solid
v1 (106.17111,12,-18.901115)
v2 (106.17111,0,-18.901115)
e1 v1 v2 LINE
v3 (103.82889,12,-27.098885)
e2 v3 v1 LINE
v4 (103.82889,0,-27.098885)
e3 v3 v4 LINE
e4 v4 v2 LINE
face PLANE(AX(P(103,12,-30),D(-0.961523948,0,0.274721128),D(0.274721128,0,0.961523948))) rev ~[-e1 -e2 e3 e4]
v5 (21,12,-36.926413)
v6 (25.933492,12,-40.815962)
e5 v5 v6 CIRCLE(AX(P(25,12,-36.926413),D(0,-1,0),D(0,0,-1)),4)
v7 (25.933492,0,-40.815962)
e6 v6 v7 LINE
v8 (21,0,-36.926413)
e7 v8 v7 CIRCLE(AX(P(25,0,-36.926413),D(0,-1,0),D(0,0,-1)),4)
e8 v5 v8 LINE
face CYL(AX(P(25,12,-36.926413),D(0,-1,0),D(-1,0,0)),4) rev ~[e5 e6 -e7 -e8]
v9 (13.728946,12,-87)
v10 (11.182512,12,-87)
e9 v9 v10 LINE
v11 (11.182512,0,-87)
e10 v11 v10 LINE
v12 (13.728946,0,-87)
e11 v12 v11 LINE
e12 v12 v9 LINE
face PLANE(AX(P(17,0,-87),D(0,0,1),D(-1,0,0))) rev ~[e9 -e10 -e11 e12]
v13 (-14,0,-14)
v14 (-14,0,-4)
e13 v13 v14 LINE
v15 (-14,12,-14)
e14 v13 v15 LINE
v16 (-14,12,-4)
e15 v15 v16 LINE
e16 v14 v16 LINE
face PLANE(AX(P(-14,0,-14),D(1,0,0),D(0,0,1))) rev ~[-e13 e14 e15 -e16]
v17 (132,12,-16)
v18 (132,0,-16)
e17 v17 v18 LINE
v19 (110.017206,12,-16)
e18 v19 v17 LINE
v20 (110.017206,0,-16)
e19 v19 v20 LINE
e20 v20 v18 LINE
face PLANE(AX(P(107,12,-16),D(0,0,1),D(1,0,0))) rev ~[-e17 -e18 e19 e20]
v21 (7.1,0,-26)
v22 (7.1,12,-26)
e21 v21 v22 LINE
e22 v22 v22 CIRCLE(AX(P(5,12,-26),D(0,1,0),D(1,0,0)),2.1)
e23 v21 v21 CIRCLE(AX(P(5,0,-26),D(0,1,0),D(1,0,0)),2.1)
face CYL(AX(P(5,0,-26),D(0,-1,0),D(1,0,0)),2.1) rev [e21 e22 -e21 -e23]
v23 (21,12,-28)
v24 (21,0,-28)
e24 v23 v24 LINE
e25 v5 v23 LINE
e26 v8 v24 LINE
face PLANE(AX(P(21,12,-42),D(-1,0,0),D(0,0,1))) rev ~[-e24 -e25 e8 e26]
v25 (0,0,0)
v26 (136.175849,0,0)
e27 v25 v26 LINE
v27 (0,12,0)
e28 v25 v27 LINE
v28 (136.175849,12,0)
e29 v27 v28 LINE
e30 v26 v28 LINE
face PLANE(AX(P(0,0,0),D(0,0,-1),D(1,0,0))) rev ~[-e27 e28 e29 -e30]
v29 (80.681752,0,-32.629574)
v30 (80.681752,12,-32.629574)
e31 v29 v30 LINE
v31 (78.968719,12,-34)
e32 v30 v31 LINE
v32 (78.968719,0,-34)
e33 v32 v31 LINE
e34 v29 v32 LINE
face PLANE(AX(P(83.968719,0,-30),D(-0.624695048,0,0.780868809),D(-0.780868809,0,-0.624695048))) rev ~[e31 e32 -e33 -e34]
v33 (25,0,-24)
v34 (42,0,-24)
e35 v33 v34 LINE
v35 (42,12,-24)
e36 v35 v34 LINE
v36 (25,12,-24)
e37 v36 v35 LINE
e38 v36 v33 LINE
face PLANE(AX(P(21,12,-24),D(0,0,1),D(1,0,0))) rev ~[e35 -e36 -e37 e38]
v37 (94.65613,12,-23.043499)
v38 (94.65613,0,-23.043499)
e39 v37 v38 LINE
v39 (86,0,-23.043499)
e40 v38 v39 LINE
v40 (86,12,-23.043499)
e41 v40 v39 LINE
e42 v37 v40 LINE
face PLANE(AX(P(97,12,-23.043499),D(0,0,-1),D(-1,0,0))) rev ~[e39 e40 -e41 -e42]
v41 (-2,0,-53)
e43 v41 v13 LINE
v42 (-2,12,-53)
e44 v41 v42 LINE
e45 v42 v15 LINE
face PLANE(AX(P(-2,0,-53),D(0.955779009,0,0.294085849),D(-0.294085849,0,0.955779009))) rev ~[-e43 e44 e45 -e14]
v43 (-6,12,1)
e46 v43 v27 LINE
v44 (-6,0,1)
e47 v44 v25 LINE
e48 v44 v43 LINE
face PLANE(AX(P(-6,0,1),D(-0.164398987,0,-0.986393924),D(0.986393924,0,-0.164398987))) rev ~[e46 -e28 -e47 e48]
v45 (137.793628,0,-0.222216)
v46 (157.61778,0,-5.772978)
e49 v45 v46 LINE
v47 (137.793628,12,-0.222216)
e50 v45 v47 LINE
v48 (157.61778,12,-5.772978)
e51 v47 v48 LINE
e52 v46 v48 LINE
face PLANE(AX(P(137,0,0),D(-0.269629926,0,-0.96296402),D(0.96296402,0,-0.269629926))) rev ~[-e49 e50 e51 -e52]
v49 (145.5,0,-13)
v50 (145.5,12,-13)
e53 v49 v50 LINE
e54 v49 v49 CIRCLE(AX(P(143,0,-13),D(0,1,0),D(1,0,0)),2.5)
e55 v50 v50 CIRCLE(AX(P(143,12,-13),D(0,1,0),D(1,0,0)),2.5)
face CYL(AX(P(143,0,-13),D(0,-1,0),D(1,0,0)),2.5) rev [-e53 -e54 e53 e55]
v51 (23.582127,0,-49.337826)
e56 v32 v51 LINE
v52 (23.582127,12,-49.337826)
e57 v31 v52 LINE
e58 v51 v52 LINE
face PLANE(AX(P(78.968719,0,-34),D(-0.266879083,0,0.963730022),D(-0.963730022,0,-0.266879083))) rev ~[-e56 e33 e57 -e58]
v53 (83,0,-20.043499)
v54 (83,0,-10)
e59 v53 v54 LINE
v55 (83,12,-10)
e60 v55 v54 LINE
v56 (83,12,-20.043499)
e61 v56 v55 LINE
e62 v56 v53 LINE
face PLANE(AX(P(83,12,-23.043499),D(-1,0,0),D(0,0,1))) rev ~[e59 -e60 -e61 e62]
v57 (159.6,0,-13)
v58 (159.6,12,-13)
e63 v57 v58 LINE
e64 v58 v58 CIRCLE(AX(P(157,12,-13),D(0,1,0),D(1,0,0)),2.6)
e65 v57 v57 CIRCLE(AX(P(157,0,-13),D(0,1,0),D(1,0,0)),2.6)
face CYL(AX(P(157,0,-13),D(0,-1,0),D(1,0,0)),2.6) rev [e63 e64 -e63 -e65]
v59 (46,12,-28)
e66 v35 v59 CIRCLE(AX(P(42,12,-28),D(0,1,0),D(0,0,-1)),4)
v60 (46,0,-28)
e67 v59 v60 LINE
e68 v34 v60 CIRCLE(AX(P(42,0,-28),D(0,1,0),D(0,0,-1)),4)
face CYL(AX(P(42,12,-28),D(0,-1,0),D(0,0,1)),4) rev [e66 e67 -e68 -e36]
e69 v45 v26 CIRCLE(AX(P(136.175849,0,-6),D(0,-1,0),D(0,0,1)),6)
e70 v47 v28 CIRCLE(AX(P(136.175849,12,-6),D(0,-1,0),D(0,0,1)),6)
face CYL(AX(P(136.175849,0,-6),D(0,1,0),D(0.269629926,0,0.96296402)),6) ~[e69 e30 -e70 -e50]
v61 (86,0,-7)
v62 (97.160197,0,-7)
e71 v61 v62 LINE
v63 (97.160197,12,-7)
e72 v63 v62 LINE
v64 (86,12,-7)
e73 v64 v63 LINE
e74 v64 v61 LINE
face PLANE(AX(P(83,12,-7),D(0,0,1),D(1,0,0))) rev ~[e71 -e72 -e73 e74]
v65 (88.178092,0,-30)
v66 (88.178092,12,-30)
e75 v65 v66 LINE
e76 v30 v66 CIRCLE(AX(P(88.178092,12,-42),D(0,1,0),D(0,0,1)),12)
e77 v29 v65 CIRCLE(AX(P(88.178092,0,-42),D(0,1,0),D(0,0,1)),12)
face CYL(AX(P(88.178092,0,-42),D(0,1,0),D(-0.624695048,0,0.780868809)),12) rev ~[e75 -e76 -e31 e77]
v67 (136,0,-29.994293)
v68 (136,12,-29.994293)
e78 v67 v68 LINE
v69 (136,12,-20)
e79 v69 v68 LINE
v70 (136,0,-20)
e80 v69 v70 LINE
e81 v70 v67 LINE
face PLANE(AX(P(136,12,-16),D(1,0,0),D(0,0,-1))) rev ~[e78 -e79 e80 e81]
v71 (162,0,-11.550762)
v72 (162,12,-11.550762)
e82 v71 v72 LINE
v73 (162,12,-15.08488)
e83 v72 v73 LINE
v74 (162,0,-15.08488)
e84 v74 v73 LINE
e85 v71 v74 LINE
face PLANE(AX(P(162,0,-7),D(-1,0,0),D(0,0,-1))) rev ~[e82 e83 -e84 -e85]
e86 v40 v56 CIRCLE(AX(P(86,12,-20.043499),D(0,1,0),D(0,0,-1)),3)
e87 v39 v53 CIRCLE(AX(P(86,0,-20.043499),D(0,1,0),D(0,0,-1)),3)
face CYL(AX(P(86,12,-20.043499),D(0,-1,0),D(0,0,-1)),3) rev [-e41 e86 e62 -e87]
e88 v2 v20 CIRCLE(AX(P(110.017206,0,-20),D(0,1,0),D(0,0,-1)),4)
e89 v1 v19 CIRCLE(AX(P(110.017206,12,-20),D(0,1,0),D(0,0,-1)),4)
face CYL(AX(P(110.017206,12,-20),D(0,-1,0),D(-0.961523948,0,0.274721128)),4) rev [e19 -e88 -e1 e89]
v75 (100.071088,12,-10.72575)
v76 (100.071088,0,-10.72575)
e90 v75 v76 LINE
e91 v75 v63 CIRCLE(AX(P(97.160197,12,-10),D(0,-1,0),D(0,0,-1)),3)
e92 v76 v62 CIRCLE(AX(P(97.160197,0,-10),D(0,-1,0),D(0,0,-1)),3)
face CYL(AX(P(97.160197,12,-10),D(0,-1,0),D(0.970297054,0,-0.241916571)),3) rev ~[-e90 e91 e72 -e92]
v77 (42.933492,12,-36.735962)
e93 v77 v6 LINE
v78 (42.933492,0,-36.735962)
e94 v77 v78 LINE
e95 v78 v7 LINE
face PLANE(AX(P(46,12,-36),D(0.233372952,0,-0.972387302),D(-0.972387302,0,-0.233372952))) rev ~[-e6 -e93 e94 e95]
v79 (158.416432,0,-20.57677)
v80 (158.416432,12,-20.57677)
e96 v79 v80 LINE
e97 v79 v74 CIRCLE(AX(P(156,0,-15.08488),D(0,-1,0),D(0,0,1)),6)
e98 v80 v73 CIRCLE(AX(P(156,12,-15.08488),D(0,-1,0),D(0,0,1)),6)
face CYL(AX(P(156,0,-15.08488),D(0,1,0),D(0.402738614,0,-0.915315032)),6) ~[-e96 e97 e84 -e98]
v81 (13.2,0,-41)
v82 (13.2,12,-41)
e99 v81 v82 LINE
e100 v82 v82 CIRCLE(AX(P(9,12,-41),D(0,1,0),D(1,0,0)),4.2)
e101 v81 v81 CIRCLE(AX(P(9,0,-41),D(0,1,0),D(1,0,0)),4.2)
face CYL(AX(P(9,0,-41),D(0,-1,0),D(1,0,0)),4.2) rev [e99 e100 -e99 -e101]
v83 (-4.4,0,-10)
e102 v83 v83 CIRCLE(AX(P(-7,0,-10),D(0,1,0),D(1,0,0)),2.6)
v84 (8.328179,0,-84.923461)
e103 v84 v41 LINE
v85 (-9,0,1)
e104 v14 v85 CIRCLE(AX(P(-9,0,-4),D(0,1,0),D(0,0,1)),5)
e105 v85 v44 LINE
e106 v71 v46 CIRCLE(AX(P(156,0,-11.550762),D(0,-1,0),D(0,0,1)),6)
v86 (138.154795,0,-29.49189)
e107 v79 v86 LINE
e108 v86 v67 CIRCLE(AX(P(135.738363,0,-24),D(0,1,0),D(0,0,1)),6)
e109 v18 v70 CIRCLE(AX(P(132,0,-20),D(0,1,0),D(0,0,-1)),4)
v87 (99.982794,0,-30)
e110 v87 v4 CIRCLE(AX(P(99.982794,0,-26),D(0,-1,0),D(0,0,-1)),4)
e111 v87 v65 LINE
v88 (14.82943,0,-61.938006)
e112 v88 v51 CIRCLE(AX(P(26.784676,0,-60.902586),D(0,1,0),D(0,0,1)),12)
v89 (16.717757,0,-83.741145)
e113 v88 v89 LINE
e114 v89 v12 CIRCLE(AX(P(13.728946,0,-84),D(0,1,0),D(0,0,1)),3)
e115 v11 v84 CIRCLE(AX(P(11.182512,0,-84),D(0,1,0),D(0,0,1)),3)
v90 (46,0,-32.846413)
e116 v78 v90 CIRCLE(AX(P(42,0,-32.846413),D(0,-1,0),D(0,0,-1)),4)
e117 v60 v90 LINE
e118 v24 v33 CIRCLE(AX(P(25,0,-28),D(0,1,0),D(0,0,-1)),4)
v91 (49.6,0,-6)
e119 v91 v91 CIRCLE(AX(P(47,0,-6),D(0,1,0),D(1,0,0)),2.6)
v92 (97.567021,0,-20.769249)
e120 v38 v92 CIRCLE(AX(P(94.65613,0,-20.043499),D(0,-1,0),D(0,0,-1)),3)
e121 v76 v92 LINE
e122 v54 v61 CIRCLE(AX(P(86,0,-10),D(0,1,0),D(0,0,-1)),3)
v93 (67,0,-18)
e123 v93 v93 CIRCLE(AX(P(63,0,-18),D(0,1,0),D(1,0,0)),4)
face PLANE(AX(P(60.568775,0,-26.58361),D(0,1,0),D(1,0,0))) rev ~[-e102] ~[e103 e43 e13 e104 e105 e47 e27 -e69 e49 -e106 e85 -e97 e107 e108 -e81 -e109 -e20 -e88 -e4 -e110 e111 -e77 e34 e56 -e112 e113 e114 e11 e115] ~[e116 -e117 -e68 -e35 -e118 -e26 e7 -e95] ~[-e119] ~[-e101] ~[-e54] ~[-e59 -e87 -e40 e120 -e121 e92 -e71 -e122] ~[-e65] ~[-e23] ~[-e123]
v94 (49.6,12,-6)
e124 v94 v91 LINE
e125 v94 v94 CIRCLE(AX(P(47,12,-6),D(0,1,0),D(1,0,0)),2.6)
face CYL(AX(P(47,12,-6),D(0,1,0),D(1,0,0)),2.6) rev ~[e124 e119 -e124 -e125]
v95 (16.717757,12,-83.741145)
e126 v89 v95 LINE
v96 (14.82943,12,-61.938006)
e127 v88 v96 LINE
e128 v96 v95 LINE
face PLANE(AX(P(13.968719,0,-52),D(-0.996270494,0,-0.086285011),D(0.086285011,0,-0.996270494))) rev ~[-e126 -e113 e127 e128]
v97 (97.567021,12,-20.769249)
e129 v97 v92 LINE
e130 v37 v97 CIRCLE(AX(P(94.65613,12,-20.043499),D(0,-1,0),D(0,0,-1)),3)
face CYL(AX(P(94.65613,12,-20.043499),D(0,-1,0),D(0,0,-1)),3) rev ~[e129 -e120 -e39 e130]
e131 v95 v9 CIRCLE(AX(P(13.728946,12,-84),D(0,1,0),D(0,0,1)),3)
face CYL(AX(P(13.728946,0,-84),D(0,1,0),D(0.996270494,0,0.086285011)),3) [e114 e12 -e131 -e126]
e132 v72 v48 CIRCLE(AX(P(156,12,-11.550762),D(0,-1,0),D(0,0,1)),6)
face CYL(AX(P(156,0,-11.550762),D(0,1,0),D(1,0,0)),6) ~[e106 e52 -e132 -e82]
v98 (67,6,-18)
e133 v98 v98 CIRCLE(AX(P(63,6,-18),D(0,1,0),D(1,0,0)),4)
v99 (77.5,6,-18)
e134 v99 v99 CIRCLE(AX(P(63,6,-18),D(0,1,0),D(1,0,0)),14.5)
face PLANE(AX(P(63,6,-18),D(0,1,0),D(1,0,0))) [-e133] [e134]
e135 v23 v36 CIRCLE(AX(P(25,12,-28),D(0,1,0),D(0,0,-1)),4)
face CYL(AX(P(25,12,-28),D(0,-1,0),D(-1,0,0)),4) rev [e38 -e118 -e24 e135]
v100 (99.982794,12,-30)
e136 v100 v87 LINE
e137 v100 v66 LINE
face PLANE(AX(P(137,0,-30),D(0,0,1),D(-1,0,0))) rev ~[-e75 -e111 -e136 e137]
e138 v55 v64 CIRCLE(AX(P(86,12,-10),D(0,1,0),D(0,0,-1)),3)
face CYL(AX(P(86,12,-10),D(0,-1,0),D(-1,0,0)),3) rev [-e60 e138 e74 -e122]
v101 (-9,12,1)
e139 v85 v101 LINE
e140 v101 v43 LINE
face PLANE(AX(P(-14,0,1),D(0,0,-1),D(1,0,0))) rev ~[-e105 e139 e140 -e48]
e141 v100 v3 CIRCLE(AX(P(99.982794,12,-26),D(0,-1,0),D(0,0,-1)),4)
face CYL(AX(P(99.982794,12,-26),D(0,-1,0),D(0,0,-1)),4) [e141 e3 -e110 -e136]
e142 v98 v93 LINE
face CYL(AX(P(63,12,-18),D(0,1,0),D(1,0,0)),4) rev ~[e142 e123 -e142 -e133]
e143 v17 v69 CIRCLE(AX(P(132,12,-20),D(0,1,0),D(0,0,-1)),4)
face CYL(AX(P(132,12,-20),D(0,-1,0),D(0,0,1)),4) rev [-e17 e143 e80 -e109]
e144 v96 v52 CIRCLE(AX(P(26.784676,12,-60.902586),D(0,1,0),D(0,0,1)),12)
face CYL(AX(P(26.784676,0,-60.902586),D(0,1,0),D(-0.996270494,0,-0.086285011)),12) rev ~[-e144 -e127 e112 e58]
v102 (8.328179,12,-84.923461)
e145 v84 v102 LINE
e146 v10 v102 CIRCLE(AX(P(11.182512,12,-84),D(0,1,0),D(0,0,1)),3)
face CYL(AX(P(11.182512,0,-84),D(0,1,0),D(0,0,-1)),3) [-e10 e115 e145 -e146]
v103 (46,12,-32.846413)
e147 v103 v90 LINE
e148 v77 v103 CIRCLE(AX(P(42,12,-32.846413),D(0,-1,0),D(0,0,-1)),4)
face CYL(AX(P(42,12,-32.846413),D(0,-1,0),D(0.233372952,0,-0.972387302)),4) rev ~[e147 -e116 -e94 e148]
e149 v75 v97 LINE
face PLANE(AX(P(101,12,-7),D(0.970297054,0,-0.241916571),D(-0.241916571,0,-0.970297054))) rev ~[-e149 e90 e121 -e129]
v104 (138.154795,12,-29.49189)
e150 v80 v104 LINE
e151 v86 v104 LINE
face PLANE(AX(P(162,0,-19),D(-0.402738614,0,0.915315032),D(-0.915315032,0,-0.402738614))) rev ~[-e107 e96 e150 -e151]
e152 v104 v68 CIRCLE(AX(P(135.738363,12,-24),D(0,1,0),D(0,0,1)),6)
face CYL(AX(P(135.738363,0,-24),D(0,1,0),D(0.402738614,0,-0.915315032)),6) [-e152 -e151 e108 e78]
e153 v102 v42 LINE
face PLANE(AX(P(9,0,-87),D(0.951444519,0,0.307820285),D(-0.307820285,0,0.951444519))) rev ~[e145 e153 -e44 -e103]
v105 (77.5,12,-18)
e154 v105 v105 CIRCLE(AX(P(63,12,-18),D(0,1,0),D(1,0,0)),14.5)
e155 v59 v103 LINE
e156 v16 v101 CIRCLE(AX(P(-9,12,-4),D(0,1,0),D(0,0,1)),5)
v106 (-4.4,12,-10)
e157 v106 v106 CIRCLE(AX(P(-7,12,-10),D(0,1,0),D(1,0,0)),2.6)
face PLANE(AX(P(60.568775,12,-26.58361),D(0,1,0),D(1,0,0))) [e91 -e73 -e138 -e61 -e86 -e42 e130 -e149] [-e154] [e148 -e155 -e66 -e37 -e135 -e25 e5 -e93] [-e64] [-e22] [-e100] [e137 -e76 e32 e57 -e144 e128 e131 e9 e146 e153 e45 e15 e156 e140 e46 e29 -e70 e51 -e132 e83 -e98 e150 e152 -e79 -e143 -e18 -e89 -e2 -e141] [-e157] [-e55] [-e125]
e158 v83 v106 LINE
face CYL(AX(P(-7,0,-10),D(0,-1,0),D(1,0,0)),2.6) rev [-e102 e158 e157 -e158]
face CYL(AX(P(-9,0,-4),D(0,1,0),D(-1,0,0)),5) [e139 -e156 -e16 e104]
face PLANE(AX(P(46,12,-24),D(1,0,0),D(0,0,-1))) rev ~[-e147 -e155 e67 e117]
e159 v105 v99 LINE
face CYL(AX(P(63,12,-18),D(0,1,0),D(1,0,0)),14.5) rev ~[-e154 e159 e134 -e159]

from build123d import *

# Parameters (mm, degrees)
SKETCH1_R           = 2.6
SKETCH1_R_2         = 2.1
SKETCH1_R_3         = 4.2
SKETCH1_R_4         = 2.5
BOSS_EXTRUDE1_DEPTH = 12
FILLET2_R           = 6
FILLET3_R           = 3
CUT_EXTRUDE1_DEPTH  = 13
SKETCH5_R           = 4
CUT_EXTRUDE2_DEPTH  = 13
SKETCH6_R           = 14.5
CUT_EXTRUDE3_DEPTH  = 6
FILLET4_R           = 12
SKETCH7_R           = 2.6
CUT_EXTRUDE4_DEPTH  = 13
FILLET6_R           = 3
FILLET8_R           = 5
FILLET9_R           = 4
CUT_EXTRUDE6_DEPTH  = 13
FILLET10_R          = 4


with BuildPart() as part:
    # Sketch1 → Boss-Extrude1 (new body)
    with BuildSketch(Plane(origin=(0, 0, 0), x_dir=(1, 0, 0), z_dir=(0, 1, 0))):
        Polygon((162, 19), (137, 30), (83.968719423, 30), (78.968719423, 34), (13.968719423, 52), (17, 87), (9, 87), (-2, 53), (-14, 14), (-14, 2), (-14, -1), (-6, -1), (0, 0), (137, 0), (162, 7), align=None)
        with Locations((-7, 10)):
            Circle(SKETCH1_R, mode=Mode.SUBTRACT)
        with Locations((157, 13)):
            Circle(SKETCH1_R, mode=Mode.SUBTRACT)
        with Locations((5, 26)):
            Circle(SKETCH1_R_2, mode=Mode.SUBTRACT)
        with Locations((9, 41)):
            Circle(SKETCH1_R_3, mode=Mode.SUBTRACT)
        with Locations((143, 13)):
            Circle(SKETCH1_R_4, mode=Mode.SUBTRACT)
    extrude(amount=BOSS_EXTRUDE1_DEPTH)

    # Fillet2
    fillet2_edges = [part.edges().sort_by_distance(p)[0] for p in [
        (137, 6, -30),
        (162, 6, -19),
        (162, 6, -7),
        (137, 6, 0),
    ]]
    fillet(fillet2_edges, radius=FILLET2_R)

    # Fillet3
    fillet3_edges = [part.edges().sort_by_distance(p)[0] for p in [
        (9, 6, -87),
        (17, 6, -87),
    ]]
    fillet(fillet3_edges, radius=FILLET3_R)

    # Sketch4 → Cut-Extrude1 (cut, through all)
    with BuildSketch(Plane(origin=(0, 12, 0), x_dir=(1, 0, 0), z_dir=(0, 1, 0))):
        Polygon((21, 42), (21, 24), (46, 24), (46, 36), align=None)
        Polygon((97, 23.043498828), (83, 23.043498828), (83, 7), (101, 7), align=None)
    extrude(amount=-CUT_EXTRUDE1_DEPTH, mode=Mode.SUBTRACT)

    # Sketch5 → Cut-Extrude2 (cut, through all)
    with BuildSketch(Plane(origin=(0, 12, 0), x_dir=(1, 0, 0), z_dir=(0, 1, 0))):
        with Locations((63, 18)):
            Circle(SKETCH5_R)
    extrude(amount=-CUT_EXTRUDE2_DEPTH, mode=Mode.SUBTRACT)

    # Sketch6 → Cut-Extrude3 (cut)
    with BuildSketch(Plane(origin=(0, 12, 0), x_dir=(1, 0, 0), z_dir=(0, 1, 0))):
        with Locations((63, 18)):
            Circle(SKETCH6_R)
    extrude(amount=-CUT_EXTRUDE3_DEPTH, mode=Mode.SUBTRACT)

    # Fillet4
    fillet4_edges = [part.edges().sort_by_distance(p)[0] for p in [
        (13.968719423, 6, -52),
        (83.968719423, 6, -30),
    ]]
    fillet(fillet4_edges, radius=FILLET4_R)

    # Sketch7 → Cut-Extrude4 (cut, through all)
    with BuildSketch(Plane(origin=(0, 12, 0), x_dir=(1, 0, 0), z_dir=(0, 1, 0))):
        with Locations((47, 6)):
            Circle(SKETCH7_R)
    extrude(amount=-CUT_EXTRUDE4_DEPTH, mode=Mode.SUBTRACT)

    # Fillet6
    fillet6_edges = [part.edges().sort_by_distance(p)[0] for p in [
        (97, 6, -23.043498828),
        (101, 6, -7),
        (83, 6, -7),
        (83, 6, -23.043498828),
    ]]
    fillet(fillet6_edges, radius=FILLET6_R)

    # Fillet8
    fillet8_edges = [part.edges().sort_by_distance(p)[0] for p in [
        (-14, 6, 1),
    ]]
    fillet(fillet8_edges, radius=FILLET8_R)

    # Fillet9
    fillet9_edges = [part.edges().sort_by_distance(p)[0] for p in [
        (21, 6, -42),
        (46, 6, -36),
        (46, 6, -24),
        (21, 6, -24),
    ]]
    fillet(fillet9_edges, radius=FILLET9_R)

    # Sketch10 → Cut-Extrude6 (cut, through all)
    with BuildSketch(Plane(origin=(0, 12, 0), x_dir=(1, 0, 0), z_dir=(0, 1, 0))):
        Polygon((103, 30), (107, 16), (136, 16), (136, 30), align=None)
    extrude(amount=-CUT_EXTRUDE6_DEPTH, mode=Mode.SUBTRACT)

    # Fillet10
    fillet10_edges = [part.edges().sort_by_distance(p)[0] for p in [
        (103, 6, -30),
        (136, 6, -16),
        (107, 6, -16),
    ]]
    fillet(fillet10_edges, radius=FILLET10_R)


solid = part.part
